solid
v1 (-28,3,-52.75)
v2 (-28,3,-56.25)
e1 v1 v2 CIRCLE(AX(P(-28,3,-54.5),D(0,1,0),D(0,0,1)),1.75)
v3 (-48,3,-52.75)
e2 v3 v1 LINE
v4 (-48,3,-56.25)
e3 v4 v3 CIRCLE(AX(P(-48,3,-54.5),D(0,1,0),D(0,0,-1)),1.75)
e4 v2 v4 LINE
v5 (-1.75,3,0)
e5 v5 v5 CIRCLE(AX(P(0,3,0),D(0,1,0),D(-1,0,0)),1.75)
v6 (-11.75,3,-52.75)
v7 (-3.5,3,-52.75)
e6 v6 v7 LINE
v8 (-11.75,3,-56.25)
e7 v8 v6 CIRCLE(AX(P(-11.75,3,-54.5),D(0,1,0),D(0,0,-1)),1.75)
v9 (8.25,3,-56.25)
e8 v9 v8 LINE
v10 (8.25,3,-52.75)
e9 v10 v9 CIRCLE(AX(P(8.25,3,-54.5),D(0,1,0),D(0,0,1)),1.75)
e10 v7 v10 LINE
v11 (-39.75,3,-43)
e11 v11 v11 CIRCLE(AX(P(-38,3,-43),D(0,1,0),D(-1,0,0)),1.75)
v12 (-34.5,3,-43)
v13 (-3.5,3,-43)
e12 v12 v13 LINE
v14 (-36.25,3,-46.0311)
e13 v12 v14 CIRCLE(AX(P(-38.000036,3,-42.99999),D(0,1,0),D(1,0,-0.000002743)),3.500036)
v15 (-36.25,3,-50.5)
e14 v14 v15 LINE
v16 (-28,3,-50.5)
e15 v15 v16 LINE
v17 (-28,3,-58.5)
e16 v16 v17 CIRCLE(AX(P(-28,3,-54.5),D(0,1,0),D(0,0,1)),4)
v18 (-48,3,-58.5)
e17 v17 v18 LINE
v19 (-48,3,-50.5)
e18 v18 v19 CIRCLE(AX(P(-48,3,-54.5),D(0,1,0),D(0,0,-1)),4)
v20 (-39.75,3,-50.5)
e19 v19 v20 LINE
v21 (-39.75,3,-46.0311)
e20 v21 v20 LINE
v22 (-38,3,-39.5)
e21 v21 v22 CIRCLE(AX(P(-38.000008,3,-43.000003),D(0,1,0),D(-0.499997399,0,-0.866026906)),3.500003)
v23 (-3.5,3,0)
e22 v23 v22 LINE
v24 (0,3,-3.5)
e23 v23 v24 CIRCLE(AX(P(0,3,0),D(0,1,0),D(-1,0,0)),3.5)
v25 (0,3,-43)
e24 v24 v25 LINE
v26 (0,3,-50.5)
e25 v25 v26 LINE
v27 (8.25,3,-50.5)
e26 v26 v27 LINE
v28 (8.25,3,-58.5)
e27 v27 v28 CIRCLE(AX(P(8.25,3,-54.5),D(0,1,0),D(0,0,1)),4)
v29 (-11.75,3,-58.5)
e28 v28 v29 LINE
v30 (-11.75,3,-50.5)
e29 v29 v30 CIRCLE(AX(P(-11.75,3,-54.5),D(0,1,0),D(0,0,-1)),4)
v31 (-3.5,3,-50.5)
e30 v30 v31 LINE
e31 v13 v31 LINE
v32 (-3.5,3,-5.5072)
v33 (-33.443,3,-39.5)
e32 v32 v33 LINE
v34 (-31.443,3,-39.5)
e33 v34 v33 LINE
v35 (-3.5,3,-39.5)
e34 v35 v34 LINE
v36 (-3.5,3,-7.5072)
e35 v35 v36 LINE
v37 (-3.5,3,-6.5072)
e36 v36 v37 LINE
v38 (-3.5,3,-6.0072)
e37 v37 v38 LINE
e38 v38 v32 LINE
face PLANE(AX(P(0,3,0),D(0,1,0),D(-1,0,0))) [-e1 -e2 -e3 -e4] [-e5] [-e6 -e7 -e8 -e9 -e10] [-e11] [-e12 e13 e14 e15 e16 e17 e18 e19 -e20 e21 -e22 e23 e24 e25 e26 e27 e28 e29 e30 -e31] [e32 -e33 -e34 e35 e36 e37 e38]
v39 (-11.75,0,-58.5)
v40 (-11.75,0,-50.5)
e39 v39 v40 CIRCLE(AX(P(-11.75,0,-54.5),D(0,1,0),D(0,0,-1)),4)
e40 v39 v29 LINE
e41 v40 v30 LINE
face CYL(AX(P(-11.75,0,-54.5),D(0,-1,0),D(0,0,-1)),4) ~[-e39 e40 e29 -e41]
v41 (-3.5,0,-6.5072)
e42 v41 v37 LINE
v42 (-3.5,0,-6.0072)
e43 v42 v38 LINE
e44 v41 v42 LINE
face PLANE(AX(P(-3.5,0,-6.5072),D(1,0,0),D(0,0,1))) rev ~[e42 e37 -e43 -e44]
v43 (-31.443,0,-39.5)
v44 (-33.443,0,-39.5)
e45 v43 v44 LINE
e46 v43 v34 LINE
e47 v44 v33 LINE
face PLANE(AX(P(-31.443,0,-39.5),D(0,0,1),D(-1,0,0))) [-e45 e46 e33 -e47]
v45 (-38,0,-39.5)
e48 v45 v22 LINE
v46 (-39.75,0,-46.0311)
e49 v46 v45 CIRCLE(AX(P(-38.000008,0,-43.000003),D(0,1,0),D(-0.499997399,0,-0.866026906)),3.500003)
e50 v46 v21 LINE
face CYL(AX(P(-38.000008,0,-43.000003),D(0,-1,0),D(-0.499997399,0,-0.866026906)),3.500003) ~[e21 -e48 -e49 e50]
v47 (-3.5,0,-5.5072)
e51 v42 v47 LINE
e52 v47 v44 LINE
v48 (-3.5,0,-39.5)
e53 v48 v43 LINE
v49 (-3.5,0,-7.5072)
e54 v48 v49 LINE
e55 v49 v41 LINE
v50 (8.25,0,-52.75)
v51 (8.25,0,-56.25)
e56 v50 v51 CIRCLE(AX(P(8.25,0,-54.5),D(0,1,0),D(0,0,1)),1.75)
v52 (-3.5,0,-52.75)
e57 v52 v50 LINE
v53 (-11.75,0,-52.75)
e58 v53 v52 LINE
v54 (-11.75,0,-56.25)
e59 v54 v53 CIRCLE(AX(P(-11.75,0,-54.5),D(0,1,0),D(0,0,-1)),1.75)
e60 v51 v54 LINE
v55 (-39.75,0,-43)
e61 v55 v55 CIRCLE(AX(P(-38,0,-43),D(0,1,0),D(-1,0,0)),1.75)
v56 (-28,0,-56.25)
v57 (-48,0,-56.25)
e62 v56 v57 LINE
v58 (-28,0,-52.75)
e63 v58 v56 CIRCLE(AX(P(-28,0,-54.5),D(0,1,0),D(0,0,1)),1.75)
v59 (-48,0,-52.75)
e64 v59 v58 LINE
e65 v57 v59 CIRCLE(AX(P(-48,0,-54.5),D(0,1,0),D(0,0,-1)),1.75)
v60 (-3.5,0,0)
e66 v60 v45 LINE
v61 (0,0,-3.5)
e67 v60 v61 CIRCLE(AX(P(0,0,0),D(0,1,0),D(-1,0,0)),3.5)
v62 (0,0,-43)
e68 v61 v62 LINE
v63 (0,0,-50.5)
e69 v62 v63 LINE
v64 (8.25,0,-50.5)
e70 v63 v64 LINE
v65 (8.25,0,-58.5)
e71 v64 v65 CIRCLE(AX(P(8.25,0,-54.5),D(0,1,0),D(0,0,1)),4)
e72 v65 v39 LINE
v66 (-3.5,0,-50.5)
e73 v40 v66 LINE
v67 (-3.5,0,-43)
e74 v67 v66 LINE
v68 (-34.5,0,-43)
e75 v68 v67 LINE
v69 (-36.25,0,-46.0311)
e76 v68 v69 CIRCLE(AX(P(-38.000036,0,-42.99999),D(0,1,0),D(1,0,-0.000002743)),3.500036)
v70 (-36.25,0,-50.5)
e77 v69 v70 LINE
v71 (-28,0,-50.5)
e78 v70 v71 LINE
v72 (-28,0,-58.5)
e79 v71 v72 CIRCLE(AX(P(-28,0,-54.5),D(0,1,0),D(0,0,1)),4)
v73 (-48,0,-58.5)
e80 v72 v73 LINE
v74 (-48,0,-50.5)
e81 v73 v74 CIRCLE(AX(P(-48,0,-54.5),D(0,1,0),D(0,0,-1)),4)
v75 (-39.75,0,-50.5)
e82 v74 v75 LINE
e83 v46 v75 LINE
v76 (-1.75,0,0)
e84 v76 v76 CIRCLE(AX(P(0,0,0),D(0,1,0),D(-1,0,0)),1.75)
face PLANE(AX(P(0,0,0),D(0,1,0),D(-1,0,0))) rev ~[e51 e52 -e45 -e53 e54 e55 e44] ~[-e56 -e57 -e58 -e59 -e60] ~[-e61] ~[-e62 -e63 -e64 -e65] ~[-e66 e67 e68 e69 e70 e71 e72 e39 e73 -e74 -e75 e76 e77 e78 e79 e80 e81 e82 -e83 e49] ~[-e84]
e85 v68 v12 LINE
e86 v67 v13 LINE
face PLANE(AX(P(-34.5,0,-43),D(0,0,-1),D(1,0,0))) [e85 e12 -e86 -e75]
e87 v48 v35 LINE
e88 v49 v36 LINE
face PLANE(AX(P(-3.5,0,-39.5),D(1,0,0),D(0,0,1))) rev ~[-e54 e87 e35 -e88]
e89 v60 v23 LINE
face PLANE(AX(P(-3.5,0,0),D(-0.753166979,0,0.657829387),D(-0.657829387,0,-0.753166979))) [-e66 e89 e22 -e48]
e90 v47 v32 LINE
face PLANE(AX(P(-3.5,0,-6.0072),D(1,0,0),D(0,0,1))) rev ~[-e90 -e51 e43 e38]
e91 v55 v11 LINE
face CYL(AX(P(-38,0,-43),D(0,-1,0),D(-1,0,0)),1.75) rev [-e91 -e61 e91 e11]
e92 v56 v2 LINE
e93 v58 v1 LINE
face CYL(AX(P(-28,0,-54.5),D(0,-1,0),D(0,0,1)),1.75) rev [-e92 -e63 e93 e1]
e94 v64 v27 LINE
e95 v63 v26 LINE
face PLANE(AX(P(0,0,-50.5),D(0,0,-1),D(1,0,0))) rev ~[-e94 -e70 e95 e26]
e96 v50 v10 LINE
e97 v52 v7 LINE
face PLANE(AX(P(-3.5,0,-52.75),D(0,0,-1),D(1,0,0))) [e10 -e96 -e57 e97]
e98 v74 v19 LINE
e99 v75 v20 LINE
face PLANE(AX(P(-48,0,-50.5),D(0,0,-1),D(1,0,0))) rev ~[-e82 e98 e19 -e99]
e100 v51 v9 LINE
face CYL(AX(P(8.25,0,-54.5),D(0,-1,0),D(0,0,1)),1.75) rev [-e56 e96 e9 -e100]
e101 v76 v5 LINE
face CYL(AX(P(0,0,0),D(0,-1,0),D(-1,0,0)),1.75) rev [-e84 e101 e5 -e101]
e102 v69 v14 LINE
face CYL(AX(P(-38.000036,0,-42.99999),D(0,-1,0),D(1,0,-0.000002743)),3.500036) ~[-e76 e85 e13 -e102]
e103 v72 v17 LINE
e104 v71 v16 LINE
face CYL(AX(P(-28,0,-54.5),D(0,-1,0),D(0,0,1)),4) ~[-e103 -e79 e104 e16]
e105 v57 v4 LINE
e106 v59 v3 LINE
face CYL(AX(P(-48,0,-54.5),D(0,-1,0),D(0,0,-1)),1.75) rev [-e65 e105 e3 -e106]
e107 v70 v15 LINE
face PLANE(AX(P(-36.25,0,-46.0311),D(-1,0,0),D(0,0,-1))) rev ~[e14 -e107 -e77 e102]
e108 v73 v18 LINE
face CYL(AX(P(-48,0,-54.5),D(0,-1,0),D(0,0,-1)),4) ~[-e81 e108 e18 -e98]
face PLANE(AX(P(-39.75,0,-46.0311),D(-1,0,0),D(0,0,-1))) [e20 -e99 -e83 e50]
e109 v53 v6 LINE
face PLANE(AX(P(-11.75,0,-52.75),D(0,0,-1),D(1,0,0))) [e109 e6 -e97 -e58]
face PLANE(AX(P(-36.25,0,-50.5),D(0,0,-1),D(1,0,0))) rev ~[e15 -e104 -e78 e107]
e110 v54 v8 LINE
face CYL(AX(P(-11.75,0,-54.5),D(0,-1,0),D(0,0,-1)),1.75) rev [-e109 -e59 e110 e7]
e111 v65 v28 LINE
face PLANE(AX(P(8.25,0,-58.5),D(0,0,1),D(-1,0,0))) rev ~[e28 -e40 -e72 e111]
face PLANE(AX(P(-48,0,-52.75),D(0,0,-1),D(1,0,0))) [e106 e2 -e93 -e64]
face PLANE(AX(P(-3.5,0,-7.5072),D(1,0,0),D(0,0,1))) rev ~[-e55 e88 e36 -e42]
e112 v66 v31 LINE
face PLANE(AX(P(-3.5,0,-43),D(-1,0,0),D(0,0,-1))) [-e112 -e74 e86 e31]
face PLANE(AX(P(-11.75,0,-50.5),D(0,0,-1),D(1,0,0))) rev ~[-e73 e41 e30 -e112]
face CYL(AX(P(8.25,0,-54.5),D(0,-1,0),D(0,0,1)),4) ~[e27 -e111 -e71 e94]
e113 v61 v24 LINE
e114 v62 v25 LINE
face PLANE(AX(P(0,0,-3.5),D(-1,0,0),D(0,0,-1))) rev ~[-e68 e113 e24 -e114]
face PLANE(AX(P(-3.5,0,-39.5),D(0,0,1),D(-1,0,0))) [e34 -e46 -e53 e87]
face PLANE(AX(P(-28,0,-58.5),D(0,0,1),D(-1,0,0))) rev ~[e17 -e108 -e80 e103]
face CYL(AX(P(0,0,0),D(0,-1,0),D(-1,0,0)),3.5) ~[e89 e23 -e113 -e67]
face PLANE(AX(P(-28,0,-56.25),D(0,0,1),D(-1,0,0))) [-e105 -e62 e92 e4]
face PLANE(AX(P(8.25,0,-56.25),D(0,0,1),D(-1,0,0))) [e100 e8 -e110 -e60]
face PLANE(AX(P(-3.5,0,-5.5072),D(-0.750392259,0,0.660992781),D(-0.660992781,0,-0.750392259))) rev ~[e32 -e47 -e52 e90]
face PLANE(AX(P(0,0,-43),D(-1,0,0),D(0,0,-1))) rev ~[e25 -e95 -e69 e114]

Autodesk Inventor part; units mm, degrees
ref_plane "YZ Plane" through (0, 0, 0) normal (1, 0, 0) x (0, 1, 0)
ref_plane "XZ Plane" through (0, 0, 0) normal (0, 1, 0) x (-1, 0, 0)
ref_plane "XY Plane" through (0, 0, 0) normal (0, 0, 1) x (1, 0, 0)
sketch "Szkic1" plane through (0, 0, 0) normal (0, 1, 0) x (-1, 0, 0)
  arc A0 (3.5, 0) -> (0, -3.5) centre (0, 0) ccw
  circle A1 centre (0, 0) radius 1.75
  arc A2 (34.5, -43) -> (36.25, -46.0311) centre (38, -43) ccw
  circle A3 centre (38, -43) radius 1.75
  line L0 (3.5, 0) -> (38, -39.5)
  line L1 (0, -3.5) -> (0, -43)
  line L2 (34.5, -43) -> (3.5, -43)
  line L3 (3.5, -39.5) -> (31.443, -39.5)
  line L4 (3.5, -39.5) -> (3.5, -7.5072)
  line L5 (31.443, -39.5) -> (33.443, -39.5)
  line L6 (3.5, -7.5072) -> (3.5, -6.5072)
  line L7 (3.5, -6.5072) -> (3.5, -6.0072)
  line L8 (3.5, -6.0072) -> (3.5, -5.5072)
  line L9 (3.5, -5.5072) -> (33.443, -39.5)
  line L10 (0, -43) -> (0, -50.5)
  line L11 (3.5, -43) -> (3.5, -50.5)
  line L12 (39.75, -46.0311) -> (39.75, -50.5)
  line L13 (36.25, -46.0311) -> (36.25, -50.5)
  arc A4 (39.75, -46.0311) -> (38, -39.5) centre (38, -43) ccw
  line L14 (28, -54.5) -> (48, -54.5) construction
  line L15 (28, -56.25) -> (48, -56.25)
  line L16 (48, -52.75) -> (28, -52.75)
  arc A5 (28, -52.75) -> (28, -56.25) centre (28, -54.5) ccw
  arc A6 (48, -56.25) -> (48, -52.75) centre (48, -54.5) ccw
  line L17 (38, -54.5) -> (58, -54.5) construction
  line L18 (-8.25, -54.5) -> (11.75, -54.5) construction
  line L19 (-8.25, -56.25) -> (11.75, -56.25)
  line L20 (11.75, -52.75) -> (3.5, -52.75)
  arc A7 (-8.25, -52.75) -> (-8.25, -56.25) centre (-8.25, -54.5) ccw
  arc A8 (11.75, -56.25) -> (11.75, -52.75) centre (11.75, -54.5) ccw
  line L21 (1.75, -54.5) -> (21.75, -54.5) construction
  line L22 (28, -54.5) -> (48, -54.5) construction
  line L23 (28, -58.5) -> (48, -58.5)
  line L24 (48, -50.5) -> (39.75, -50.5)
  arc A9 (28, -50.5) -> (28, -58.5) centre (28, -54.5) ccw
  arc A10 (48, -58.5) -> (48, -50.5) centre (48, -54.5) ccw
  line L25 (-8.25, -54.5) -> (11.75, -54.5) construction
  line L26 (-8.25, -58.5) -> (11.75, -58.5)
  line L27 (11.75, -50.5) -> (3.5, -50.5)
  arc A11 (-8.25, -50.5) -> (-8.25, -58.5) centre (-8.25, -54.5) ccw
  arc A12 (11.75, -58.5) -> (11.75, -50.5) centre (11.75, -54.5) ccw
  line L28 (0, -50.5) -> (-8.25, -50.5)
  line L29 (3.5, -52.75) -> (-8.25, -52.75)
  line L30 (36.25, -50.5) -> (28, -50.5)
  dimension "d0" = 7
  dimension "d1" = 3.5
  dimension "d3" = 3.5
  dimension "d4" = 2
  dimension "d5" = 1
  dimension "d6" = 0.5
  dimension "d7" = 0.5
  dimension "d10" = 10
  dimension "d12" = 3.5
  dimension "d14" = 0
  dimension "d16" = 10
  dimension "d17" = 8
extrude "Wyciągnięcie proste1" add sketch "Szkic1" along normal blind 3
properties part number "BlowerFan"
